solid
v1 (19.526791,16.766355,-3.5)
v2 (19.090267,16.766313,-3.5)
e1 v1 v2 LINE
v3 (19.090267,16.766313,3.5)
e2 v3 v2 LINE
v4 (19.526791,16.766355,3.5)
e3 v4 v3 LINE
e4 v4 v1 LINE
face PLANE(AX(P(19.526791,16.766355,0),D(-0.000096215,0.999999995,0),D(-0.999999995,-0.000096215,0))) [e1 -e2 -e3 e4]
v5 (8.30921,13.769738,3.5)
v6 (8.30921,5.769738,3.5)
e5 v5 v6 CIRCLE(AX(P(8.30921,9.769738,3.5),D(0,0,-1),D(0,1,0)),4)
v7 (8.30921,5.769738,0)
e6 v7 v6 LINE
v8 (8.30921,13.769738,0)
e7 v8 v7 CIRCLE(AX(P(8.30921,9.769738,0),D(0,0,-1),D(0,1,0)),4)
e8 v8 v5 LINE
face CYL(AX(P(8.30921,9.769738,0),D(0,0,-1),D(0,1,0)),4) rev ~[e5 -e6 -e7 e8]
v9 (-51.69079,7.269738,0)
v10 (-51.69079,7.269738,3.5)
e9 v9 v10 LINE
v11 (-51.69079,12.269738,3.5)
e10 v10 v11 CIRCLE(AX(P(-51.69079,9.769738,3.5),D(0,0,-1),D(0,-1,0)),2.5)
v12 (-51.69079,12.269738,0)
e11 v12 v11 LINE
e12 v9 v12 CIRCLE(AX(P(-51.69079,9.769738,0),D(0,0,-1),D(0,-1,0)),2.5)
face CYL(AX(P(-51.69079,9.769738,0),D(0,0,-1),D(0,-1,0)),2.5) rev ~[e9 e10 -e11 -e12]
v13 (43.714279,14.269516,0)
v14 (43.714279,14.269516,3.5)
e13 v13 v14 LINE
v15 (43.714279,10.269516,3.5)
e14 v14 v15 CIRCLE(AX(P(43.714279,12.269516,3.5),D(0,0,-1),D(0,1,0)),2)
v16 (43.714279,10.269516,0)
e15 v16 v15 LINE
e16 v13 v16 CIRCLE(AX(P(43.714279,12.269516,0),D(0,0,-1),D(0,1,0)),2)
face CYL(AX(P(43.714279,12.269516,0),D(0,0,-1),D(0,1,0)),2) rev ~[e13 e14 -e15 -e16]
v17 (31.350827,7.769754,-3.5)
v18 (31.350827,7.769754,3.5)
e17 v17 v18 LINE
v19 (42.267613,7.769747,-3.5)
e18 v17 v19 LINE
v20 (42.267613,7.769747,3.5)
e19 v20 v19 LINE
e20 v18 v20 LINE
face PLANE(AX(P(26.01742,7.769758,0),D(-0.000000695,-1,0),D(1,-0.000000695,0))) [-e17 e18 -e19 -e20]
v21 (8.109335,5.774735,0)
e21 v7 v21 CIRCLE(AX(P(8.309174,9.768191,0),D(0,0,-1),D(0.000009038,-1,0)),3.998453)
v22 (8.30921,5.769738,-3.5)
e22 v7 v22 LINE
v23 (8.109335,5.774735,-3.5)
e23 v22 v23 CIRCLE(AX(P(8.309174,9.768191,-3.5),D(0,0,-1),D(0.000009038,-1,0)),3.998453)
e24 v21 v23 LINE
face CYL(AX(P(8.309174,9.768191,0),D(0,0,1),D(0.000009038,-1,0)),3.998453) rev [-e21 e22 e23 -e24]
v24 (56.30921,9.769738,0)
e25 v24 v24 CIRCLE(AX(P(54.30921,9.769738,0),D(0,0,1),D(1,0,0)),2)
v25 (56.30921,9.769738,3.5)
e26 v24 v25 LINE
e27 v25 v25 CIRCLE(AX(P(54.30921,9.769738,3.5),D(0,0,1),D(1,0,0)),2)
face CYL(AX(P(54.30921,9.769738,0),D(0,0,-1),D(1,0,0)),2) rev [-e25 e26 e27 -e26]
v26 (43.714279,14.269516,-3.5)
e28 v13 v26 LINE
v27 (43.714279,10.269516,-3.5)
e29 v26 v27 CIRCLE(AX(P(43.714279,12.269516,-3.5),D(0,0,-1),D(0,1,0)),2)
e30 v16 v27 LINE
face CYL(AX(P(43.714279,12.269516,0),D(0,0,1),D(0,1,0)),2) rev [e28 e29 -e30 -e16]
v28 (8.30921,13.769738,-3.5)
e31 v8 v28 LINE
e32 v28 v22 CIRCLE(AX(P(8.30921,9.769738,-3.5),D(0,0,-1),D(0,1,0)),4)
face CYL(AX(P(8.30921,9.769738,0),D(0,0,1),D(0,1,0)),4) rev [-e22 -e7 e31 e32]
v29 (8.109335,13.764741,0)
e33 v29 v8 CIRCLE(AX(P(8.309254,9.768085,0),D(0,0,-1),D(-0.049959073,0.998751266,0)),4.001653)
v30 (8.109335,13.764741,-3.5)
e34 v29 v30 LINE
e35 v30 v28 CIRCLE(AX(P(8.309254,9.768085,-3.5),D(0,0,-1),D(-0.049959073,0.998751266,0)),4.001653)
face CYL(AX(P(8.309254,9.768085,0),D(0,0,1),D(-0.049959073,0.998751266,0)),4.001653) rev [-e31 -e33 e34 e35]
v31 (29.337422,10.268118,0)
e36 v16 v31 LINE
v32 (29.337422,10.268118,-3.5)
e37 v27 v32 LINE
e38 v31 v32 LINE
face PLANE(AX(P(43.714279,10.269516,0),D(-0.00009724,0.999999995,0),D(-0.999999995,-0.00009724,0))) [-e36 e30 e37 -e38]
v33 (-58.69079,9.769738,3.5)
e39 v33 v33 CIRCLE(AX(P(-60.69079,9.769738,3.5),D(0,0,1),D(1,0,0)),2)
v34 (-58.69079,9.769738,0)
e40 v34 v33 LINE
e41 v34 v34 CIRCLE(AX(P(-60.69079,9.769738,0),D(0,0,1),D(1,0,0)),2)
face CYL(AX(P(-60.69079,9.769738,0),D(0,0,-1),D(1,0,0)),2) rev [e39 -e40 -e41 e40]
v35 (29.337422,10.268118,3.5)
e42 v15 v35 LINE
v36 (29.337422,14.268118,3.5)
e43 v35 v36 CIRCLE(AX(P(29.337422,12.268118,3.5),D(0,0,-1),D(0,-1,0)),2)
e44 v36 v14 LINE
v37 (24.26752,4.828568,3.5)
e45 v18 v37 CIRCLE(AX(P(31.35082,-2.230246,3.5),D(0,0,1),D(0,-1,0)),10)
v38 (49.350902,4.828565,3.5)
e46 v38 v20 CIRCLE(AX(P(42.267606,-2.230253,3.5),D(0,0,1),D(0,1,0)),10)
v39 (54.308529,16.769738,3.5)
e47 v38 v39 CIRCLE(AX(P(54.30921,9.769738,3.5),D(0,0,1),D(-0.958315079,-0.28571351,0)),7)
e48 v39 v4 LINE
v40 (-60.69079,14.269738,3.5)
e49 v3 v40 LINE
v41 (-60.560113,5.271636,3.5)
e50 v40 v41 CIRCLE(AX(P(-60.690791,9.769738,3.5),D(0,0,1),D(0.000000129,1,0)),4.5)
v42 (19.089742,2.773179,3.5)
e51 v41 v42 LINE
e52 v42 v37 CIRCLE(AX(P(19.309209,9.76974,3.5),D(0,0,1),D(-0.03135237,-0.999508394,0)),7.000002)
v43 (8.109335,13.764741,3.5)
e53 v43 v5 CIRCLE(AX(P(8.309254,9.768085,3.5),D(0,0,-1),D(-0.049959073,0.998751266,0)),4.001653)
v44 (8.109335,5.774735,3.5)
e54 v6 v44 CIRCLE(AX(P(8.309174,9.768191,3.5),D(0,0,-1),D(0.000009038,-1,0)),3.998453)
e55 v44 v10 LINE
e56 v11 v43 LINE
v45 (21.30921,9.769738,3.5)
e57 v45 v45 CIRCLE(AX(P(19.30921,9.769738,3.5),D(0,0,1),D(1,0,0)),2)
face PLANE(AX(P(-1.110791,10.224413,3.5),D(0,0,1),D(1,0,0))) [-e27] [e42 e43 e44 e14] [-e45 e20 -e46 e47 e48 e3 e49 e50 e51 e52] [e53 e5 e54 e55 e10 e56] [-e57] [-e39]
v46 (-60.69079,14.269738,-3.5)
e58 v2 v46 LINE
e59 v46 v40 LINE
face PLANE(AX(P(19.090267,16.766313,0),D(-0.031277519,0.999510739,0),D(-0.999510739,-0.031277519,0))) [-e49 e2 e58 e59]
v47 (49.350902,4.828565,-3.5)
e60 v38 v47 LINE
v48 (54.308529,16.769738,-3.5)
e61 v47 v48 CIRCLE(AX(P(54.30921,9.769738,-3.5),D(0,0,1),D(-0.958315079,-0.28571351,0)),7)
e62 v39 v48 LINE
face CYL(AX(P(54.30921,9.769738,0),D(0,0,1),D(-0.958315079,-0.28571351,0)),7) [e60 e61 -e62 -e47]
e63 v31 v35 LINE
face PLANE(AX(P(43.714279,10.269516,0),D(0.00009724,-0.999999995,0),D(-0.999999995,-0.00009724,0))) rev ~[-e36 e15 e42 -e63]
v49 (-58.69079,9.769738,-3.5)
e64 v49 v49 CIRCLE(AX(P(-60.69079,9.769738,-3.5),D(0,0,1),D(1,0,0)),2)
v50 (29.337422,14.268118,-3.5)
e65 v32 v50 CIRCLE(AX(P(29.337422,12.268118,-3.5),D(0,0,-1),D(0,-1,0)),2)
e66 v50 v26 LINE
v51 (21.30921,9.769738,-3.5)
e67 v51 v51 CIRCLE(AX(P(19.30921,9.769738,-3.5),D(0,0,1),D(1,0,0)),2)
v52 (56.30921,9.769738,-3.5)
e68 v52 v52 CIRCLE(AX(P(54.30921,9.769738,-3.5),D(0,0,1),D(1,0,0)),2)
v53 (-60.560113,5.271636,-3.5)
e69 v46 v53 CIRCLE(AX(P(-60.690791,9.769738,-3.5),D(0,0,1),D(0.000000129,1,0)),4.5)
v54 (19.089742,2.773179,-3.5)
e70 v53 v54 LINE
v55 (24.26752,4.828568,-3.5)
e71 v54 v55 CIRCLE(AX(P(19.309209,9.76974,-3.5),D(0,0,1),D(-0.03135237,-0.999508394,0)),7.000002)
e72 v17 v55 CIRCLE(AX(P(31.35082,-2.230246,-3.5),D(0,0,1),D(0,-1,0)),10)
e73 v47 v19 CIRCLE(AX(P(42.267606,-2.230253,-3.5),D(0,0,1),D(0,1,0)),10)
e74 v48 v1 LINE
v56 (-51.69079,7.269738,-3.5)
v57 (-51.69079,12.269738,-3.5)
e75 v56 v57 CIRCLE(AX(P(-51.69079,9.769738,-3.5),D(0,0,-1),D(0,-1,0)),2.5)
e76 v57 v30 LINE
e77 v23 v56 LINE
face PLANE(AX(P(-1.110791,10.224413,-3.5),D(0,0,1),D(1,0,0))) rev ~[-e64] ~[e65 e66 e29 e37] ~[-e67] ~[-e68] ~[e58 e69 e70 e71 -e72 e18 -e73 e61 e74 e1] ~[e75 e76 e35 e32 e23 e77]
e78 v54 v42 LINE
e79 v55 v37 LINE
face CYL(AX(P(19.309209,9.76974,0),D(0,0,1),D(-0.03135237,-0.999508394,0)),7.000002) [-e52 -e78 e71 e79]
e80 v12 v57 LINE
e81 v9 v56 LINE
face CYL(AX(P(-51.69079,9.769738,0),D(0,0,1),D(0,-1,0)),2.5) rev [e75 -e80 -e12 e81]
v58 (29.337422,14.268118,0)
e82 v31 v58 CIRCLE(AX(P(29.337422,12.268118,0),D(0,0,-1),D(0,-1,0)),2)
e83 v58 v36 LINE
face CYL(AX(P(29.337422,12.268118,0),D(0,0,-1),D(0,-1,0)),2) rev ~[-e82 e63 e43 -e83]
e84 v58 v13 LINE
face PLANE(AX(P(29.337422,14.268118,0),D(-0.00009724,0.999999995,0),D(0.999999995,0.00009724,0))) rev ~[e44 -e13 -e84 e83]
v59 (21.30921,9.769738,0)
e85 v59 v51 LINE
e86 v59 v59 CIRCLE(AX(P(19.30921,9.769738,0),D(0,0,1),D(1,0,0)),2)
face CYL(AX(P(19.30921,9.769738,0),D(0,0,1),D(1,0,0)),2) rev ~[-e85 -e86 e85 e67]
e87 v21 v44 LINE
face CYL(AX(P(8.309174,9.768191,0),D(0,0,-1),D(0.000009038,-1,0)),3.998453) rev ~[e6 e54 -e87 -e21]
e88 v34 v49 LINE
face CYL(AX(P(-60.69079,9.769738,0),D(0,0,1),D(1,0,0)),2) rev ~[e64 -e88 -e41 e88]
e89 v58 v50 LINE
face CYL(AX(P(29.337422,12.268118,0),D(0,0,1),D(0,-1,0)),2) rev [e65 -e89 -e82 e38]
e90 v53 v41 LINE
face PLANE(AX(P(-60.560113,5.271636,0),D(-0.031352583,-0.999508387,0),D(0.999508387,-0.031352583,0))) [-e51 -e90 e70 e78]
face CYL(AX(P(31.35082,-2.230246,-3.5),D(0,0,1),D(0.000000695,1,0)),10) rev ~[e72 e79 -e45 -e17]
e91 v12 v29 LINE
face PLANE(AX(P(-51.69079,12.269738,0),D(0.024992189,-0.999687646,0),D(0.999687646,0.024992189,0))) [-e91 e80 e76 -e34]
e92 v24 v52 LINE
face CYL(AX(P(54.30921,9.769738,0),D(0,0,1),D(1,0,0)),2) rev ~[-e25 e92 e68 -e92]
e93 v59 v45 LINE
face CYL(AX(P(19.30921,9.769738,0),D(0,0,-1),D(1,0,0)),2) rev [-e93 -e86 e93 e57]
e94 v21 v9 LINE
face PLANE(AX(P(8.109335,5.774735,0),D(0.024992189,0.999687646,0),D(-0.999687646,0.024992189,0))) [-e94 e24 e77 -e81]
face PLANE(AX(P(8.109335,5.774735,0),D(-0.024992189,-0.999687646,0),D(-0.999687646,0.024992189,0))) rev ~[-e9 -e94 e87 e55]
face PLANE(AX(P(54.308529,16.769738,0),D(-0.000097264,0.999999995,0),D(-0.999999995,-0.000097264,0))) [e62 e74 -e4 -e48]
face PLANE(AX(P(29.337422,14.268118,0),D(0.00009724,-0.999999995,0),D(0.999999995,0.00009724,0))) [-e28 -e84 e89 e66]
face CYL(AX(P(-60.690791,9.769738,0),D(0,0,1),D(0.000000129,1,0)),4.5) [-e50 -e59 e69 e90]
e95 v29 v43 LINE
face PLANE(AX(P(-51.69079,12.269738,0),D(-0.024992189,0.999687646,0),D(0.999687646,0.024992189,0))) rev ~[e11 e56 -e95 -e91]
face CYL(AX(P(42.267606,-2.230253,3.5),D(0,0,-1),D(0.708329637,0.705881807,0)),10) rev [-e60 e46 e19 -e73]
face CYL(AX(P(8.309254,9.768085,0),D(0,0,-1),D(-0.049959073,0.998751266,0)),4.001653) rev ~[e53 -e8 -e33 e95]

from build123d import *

# Parameters (mm, degrees)
F0_R          = 2
F1_DEPTH      = 3.5
F1_DEPTH_BACK = 3.5
F2_R          = 10


with BuildPart() as f1:
    # F0 (on Top) → F1 (new body, two sides)
    with BuildSketch(Plane.XY) as f1_sk:
        with BuildLine():
            Line((19.090267, 16.766313), (-60.69079, 14.269738))
            ThreePointArc((-60.69079, 14.269738), (-65.190316, 9.704392), (-60.560113, 5.271636))
            Line((-60.560113, 5.271636), (19.089742, 2.773179))
            ThreePointArc((19.089742, 2.773179), (23.40401, 4.092361), (26.01742, 7.769758))
            Line((26.01742, 7.769758), (47.601004, 7.769743))
            ThreePointArc((47.601004, 7.769743), (59.921898, 5.586708), (54.308529, 16.769738))
            Line((54.308529, 16.769738), (19.526791, 16.766355))
            Line((19.526791, 16.766355), (19.090267, 16.766313))
        make_face()
        with Locations((-60.69079, 9.769738)):
            Circle(F0_R, mode=Mode.SUBTRACT)
        with BuildLine():
            ThreePointArc((-51.69079, 7.269738), (-54.19079, 9.769738), (-51.69079, 12.269738))
            Line((-51.69079, 12.269738), (8.109335, 13.764741))
            ThreePointArc((8.109335, 13.764741), (8.209241, 13.768488), (8.30921, 13.769738))
            ThreePointArc((8.30921, 13.769738), (12.30921, 9.769738), (8.30921, 5.769738))
            ThreePointArc((8.30921, 5.769738), (8.209241, 5.770987), (8.109335, 5.774735))
            Line((8.109335, 5.774735), (-51.69079, 7.269738))
        make_face(mode=Mode.SUBTRACT)
        with Locations((19.30921, 9.769738)):
            Circle(F0_R, mode=Mode.SUBTRACT)
        with Locations((54.30921, 9.769738)):
            Circle(F0_R, mode=Mode.SUBTRACT)
        with BuildLine():
            ThreePointArc((29.337422, 10.268118), (27.337422, 12.268118), (29.337422, 14.268118))
            Line((29.337422, 14.268118), (43.714279, 14.269516))
            ThreePointArc((43.714279, 14.269516), (45.714279, 12.269516), (43.714279, 10.269516))
            Line((43.714279, 10.269516), (29.337422, 10.268118))
        make_face(mode=Mode.SUBTRACT)
    extrude(amount=F1_DEPTH)
    extrude(f1_sk.sketch, amount=-F1_DEPTH_BACK)

    # F2
    f2_edges = [f1.edges().sort_by_distance(p)[0] for p in [
        (26.01742, 7.769758, 0),
        (47.601004, 7.769743, 0),
    ]]
    fillet(f2_edges, radius=F2_R)


solid = f1.part
